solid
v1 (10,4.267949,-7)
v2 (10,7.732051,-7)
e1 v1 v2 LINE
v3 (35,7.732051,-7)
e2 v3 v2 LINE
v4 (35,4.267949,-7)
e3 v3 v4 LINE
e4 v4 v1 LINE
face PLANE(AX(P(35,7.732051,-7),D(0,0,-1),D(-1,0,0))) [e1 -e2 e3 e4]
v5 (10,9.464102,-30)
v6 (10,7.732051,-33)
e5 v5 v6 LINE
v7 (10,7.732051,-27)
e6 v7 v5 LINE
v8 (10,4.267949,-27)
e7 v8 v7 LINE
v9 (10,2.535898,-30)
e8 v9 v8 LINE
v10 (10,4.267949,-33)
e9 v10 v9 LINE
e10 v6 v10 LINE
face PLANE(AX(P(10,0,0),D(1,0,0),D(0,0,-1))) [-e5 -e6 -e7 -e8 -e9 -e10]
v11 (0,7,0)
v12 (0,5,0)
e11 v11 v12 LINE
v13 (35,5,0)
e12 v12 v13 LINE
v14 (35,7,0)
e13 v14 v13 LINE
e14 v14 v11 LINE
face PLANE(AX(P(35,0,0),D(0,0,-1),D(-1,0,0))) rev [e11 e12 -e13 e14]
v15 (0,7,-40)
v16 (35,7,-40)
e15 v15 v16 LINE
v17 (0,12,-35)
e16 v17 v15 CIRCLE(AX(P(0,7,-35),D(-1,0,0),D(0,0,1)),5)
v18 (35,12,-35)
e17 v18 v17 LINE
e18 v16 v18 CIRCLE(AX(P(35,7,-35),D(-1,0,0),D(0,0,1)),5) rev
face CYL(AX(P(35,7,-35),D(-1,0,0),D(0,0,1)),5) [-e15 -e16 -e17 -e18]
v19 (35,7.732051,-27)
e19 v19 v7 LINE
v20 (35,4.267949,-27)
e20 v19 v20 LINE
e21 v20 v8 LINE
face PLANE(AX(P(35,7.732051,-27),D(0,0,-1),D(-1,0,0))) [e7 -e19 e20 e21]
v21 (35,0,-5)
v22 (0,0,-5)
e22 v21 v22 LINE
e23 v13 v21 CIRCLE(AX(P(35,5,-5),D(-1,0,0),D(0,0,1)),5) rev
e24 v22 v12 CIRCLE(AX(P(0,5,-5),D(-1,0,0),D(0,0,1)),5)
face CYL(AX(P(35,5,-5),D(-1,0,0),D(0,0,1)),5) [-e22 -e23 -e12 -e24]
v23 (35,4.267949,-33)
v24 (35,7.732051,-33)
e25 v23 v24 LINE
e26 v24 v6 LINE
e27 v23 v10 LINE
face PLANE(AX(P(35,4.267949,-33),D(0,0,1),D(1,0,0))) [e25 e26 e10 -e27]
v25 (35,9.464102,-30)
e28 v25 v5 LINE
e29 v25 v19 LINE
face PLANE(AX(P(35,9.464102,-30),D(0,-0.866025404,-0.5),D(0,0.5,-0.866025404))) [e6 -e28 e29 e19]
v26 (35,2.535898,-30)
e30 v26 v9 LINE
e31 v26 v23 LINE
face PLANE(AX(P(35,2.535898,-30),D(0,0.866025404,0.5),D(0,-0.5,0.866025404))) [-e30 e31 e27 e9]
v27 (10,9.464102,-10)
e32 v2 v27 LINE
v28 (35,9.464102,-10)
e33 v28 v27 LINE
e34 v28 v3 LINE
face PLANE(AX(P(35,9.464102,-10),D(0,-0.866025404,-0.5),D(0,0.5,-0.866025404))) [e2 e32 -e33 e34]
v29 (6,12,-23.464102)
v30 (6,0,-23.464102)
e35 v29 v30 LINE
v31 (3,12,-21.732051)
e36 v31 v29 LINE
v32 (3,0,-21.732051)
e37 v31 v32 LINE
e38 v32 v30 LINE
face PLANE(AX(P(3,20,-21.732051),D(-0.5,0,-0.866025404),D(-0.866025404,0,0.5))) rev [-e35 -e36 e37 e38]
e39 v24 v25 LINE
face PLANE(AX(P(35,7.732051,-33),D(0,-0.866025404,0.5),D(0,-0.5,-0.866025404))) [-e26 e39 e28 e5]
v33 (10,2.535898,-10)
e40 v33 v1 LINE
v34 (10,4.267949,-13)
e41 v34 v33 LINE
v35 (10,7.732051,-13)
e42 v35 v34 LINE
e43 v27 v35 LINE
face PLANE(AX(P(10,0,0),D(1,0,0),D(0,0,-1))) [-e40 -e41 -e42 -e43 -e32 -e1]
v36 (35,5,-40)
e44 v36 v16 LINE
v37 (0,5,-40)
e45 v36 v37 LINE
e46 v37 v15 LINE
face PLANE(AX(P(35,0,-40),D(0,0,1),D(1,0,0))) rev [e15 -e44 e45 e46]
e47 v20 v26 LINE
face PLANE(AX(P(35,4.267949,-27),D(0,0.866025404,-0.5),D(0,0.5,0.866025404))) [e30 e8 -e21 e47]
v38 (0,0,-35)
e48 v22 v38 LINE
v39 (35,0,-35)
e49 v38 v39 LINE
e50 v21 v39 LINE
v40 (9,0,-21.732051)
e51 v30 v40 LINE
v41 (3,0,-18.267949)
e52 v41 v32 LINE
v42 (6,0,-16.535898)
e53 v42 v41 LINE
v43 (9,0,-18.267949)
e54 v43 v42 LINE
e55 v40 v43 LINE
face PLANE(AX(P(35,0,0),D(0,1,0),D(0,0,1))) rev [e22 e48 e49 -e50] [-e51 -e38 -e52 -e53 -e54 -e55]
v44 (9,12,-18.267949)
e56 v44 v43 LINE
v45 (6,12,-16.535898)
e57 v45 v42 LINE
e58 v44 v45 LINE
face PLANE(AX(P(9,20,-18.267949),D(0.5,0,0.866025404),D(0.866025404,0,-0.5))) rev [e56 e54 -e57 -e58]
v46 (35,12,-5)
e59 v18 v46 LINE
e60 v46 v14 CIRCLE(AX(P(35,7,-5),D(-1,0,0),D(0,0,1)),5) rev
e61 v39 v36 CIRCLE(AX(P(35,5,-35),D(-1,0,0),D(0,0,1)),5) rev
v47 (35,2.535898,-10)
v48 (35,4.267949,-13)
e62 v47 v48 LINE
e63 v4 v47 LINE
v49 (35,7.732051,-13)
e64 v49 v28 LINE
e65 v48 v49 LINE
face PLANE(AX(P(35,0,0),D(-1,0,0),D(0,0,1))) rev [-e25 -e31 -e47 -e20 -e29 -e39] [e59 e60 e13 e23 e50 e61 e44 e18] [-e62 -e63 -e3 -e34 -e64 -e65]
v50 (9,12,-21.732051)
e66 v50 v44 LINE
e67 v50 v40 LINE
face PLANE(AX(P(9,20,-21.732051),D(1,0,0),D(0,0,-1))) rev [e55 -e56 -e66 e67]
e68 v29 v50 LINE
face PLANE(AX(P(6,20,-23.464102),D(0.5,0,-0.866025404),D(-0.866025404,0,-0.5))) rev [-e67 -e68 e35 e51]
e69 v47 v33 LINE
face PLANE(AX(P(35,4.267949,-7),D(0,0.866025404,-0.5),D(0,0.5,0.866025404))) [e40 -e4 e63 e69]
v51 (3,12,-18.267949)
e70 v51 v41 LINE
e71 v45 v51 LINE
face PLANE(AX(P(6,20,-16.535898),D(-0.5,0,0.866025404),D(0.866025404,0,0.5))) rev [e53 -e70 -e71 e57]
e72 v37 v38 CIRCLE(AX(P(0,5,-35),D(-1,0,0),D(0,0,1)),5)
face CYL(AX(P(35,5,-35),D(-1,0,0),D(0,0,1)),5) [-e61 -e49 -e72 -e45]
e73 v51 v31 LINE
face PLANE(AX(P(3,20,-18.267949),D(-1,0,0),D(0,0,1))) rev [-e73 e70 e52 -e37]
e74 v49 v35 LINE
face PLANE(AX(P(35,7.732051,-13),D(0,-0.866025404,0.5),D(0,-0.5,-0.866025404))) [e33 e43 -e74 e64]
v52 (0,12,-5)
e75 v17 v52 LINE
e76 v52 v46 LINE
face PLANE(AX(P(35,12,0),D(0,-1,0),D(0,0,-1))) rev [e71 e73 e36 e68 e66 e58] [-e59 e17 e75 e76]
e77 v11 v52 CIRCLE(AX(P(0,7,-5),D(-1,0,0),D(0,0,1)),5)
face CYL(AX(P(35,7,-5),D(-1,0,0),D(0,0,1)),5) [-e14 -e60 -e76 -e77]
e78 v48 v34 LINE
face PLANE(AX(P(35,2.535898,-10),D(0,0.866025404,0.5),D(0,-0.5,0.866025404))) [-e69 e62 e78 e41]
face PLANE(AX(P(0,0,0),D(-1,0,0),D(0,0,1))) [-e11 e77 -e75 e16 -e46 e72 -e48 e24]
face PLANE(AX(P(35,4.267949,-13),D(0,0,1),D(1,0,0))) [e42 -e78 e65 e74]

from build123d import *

# Parameters (mm, degrees)
SKETCH_2_W          = 40
SKETCH_2_H          = 12
EXTRUDE_1_DEPTH     = 35
FILLET_1_R          = 5
CUT_EXTRUDE_1_DEPTH = 20
EXTRUDE_2_DEPTH     = 10


with BuildPart() as part:
    # 草图2 → 凸台-拉伸1 (new body)
    with BuildSketch(Plane(origin=(0, 0, 0), x_dir=(0, 0, -1), z_dir=(1, 0, 0))):
        with Locations((20, 6)):
            Rectangle(SKETCH_2_W, SKETCH_2_H)
        Polygon((10, 9.464101615), (7, 7.732050808), (7, 4.267949192), (10, 2.535898385), (13, 4.267949192), (13, 7.732050808), align=None, mode=Mode.SUBTRACT)
        Polygon((30, 9.464101615), (27, 7.732050808), (27, 4.267949192), (30, 2.535898385), (33, 4.267949192), (33, 7.732050808), align=None, mode=Mode.SUBTRACT)
    extrude(amount=EXTRUDE_1_DEPTH)

    # 圆角1
    fillet_1_edges = [part.edges().sort_by_distance(p)[0] for p in [
        (17.5, 12, 0),
        (17.5, 12, -40),
        (17.5, 0, -40),
        (17.5, 0, 0),
    ]]
    fillet(fillet_1_edges, radius=FILLET_1_R)

    # 草图3 → 切除-拉伸1 (cut)
    with BuildSketch(Plane.XZ):
        Polygon((6, -16.535898385), (3, -18.267949192), (3, -21.732050808), (6, -23.464101615), (9, -21.732050808), (9, -18.267949192), align=None)
    extrude(amount=-CUT_EXTRUDE_1_DEPTH, mode=Mode.SUBTRACT)

    # 草图4 → 凸台-拉伸2 (add)
    with BuildSketch(Plane.ZY):
        Polygon((-30, 9.464101615), (-27, 7.732050808), (-27, 4.267949192), (-30, 2.535898385), (-33, 4.267949192), (-33, 7.732050808), align=None)
        Polygon((-7, 7.732050808), (-7, 4.267949192), (-10, 2.535898385), (-13, 4.267949192), (-13, 7.732050808), (-10, 9.464101615), align=None)
    extrude(amount=-EXTRUDE_2_DEPTH)


solid = part.part
